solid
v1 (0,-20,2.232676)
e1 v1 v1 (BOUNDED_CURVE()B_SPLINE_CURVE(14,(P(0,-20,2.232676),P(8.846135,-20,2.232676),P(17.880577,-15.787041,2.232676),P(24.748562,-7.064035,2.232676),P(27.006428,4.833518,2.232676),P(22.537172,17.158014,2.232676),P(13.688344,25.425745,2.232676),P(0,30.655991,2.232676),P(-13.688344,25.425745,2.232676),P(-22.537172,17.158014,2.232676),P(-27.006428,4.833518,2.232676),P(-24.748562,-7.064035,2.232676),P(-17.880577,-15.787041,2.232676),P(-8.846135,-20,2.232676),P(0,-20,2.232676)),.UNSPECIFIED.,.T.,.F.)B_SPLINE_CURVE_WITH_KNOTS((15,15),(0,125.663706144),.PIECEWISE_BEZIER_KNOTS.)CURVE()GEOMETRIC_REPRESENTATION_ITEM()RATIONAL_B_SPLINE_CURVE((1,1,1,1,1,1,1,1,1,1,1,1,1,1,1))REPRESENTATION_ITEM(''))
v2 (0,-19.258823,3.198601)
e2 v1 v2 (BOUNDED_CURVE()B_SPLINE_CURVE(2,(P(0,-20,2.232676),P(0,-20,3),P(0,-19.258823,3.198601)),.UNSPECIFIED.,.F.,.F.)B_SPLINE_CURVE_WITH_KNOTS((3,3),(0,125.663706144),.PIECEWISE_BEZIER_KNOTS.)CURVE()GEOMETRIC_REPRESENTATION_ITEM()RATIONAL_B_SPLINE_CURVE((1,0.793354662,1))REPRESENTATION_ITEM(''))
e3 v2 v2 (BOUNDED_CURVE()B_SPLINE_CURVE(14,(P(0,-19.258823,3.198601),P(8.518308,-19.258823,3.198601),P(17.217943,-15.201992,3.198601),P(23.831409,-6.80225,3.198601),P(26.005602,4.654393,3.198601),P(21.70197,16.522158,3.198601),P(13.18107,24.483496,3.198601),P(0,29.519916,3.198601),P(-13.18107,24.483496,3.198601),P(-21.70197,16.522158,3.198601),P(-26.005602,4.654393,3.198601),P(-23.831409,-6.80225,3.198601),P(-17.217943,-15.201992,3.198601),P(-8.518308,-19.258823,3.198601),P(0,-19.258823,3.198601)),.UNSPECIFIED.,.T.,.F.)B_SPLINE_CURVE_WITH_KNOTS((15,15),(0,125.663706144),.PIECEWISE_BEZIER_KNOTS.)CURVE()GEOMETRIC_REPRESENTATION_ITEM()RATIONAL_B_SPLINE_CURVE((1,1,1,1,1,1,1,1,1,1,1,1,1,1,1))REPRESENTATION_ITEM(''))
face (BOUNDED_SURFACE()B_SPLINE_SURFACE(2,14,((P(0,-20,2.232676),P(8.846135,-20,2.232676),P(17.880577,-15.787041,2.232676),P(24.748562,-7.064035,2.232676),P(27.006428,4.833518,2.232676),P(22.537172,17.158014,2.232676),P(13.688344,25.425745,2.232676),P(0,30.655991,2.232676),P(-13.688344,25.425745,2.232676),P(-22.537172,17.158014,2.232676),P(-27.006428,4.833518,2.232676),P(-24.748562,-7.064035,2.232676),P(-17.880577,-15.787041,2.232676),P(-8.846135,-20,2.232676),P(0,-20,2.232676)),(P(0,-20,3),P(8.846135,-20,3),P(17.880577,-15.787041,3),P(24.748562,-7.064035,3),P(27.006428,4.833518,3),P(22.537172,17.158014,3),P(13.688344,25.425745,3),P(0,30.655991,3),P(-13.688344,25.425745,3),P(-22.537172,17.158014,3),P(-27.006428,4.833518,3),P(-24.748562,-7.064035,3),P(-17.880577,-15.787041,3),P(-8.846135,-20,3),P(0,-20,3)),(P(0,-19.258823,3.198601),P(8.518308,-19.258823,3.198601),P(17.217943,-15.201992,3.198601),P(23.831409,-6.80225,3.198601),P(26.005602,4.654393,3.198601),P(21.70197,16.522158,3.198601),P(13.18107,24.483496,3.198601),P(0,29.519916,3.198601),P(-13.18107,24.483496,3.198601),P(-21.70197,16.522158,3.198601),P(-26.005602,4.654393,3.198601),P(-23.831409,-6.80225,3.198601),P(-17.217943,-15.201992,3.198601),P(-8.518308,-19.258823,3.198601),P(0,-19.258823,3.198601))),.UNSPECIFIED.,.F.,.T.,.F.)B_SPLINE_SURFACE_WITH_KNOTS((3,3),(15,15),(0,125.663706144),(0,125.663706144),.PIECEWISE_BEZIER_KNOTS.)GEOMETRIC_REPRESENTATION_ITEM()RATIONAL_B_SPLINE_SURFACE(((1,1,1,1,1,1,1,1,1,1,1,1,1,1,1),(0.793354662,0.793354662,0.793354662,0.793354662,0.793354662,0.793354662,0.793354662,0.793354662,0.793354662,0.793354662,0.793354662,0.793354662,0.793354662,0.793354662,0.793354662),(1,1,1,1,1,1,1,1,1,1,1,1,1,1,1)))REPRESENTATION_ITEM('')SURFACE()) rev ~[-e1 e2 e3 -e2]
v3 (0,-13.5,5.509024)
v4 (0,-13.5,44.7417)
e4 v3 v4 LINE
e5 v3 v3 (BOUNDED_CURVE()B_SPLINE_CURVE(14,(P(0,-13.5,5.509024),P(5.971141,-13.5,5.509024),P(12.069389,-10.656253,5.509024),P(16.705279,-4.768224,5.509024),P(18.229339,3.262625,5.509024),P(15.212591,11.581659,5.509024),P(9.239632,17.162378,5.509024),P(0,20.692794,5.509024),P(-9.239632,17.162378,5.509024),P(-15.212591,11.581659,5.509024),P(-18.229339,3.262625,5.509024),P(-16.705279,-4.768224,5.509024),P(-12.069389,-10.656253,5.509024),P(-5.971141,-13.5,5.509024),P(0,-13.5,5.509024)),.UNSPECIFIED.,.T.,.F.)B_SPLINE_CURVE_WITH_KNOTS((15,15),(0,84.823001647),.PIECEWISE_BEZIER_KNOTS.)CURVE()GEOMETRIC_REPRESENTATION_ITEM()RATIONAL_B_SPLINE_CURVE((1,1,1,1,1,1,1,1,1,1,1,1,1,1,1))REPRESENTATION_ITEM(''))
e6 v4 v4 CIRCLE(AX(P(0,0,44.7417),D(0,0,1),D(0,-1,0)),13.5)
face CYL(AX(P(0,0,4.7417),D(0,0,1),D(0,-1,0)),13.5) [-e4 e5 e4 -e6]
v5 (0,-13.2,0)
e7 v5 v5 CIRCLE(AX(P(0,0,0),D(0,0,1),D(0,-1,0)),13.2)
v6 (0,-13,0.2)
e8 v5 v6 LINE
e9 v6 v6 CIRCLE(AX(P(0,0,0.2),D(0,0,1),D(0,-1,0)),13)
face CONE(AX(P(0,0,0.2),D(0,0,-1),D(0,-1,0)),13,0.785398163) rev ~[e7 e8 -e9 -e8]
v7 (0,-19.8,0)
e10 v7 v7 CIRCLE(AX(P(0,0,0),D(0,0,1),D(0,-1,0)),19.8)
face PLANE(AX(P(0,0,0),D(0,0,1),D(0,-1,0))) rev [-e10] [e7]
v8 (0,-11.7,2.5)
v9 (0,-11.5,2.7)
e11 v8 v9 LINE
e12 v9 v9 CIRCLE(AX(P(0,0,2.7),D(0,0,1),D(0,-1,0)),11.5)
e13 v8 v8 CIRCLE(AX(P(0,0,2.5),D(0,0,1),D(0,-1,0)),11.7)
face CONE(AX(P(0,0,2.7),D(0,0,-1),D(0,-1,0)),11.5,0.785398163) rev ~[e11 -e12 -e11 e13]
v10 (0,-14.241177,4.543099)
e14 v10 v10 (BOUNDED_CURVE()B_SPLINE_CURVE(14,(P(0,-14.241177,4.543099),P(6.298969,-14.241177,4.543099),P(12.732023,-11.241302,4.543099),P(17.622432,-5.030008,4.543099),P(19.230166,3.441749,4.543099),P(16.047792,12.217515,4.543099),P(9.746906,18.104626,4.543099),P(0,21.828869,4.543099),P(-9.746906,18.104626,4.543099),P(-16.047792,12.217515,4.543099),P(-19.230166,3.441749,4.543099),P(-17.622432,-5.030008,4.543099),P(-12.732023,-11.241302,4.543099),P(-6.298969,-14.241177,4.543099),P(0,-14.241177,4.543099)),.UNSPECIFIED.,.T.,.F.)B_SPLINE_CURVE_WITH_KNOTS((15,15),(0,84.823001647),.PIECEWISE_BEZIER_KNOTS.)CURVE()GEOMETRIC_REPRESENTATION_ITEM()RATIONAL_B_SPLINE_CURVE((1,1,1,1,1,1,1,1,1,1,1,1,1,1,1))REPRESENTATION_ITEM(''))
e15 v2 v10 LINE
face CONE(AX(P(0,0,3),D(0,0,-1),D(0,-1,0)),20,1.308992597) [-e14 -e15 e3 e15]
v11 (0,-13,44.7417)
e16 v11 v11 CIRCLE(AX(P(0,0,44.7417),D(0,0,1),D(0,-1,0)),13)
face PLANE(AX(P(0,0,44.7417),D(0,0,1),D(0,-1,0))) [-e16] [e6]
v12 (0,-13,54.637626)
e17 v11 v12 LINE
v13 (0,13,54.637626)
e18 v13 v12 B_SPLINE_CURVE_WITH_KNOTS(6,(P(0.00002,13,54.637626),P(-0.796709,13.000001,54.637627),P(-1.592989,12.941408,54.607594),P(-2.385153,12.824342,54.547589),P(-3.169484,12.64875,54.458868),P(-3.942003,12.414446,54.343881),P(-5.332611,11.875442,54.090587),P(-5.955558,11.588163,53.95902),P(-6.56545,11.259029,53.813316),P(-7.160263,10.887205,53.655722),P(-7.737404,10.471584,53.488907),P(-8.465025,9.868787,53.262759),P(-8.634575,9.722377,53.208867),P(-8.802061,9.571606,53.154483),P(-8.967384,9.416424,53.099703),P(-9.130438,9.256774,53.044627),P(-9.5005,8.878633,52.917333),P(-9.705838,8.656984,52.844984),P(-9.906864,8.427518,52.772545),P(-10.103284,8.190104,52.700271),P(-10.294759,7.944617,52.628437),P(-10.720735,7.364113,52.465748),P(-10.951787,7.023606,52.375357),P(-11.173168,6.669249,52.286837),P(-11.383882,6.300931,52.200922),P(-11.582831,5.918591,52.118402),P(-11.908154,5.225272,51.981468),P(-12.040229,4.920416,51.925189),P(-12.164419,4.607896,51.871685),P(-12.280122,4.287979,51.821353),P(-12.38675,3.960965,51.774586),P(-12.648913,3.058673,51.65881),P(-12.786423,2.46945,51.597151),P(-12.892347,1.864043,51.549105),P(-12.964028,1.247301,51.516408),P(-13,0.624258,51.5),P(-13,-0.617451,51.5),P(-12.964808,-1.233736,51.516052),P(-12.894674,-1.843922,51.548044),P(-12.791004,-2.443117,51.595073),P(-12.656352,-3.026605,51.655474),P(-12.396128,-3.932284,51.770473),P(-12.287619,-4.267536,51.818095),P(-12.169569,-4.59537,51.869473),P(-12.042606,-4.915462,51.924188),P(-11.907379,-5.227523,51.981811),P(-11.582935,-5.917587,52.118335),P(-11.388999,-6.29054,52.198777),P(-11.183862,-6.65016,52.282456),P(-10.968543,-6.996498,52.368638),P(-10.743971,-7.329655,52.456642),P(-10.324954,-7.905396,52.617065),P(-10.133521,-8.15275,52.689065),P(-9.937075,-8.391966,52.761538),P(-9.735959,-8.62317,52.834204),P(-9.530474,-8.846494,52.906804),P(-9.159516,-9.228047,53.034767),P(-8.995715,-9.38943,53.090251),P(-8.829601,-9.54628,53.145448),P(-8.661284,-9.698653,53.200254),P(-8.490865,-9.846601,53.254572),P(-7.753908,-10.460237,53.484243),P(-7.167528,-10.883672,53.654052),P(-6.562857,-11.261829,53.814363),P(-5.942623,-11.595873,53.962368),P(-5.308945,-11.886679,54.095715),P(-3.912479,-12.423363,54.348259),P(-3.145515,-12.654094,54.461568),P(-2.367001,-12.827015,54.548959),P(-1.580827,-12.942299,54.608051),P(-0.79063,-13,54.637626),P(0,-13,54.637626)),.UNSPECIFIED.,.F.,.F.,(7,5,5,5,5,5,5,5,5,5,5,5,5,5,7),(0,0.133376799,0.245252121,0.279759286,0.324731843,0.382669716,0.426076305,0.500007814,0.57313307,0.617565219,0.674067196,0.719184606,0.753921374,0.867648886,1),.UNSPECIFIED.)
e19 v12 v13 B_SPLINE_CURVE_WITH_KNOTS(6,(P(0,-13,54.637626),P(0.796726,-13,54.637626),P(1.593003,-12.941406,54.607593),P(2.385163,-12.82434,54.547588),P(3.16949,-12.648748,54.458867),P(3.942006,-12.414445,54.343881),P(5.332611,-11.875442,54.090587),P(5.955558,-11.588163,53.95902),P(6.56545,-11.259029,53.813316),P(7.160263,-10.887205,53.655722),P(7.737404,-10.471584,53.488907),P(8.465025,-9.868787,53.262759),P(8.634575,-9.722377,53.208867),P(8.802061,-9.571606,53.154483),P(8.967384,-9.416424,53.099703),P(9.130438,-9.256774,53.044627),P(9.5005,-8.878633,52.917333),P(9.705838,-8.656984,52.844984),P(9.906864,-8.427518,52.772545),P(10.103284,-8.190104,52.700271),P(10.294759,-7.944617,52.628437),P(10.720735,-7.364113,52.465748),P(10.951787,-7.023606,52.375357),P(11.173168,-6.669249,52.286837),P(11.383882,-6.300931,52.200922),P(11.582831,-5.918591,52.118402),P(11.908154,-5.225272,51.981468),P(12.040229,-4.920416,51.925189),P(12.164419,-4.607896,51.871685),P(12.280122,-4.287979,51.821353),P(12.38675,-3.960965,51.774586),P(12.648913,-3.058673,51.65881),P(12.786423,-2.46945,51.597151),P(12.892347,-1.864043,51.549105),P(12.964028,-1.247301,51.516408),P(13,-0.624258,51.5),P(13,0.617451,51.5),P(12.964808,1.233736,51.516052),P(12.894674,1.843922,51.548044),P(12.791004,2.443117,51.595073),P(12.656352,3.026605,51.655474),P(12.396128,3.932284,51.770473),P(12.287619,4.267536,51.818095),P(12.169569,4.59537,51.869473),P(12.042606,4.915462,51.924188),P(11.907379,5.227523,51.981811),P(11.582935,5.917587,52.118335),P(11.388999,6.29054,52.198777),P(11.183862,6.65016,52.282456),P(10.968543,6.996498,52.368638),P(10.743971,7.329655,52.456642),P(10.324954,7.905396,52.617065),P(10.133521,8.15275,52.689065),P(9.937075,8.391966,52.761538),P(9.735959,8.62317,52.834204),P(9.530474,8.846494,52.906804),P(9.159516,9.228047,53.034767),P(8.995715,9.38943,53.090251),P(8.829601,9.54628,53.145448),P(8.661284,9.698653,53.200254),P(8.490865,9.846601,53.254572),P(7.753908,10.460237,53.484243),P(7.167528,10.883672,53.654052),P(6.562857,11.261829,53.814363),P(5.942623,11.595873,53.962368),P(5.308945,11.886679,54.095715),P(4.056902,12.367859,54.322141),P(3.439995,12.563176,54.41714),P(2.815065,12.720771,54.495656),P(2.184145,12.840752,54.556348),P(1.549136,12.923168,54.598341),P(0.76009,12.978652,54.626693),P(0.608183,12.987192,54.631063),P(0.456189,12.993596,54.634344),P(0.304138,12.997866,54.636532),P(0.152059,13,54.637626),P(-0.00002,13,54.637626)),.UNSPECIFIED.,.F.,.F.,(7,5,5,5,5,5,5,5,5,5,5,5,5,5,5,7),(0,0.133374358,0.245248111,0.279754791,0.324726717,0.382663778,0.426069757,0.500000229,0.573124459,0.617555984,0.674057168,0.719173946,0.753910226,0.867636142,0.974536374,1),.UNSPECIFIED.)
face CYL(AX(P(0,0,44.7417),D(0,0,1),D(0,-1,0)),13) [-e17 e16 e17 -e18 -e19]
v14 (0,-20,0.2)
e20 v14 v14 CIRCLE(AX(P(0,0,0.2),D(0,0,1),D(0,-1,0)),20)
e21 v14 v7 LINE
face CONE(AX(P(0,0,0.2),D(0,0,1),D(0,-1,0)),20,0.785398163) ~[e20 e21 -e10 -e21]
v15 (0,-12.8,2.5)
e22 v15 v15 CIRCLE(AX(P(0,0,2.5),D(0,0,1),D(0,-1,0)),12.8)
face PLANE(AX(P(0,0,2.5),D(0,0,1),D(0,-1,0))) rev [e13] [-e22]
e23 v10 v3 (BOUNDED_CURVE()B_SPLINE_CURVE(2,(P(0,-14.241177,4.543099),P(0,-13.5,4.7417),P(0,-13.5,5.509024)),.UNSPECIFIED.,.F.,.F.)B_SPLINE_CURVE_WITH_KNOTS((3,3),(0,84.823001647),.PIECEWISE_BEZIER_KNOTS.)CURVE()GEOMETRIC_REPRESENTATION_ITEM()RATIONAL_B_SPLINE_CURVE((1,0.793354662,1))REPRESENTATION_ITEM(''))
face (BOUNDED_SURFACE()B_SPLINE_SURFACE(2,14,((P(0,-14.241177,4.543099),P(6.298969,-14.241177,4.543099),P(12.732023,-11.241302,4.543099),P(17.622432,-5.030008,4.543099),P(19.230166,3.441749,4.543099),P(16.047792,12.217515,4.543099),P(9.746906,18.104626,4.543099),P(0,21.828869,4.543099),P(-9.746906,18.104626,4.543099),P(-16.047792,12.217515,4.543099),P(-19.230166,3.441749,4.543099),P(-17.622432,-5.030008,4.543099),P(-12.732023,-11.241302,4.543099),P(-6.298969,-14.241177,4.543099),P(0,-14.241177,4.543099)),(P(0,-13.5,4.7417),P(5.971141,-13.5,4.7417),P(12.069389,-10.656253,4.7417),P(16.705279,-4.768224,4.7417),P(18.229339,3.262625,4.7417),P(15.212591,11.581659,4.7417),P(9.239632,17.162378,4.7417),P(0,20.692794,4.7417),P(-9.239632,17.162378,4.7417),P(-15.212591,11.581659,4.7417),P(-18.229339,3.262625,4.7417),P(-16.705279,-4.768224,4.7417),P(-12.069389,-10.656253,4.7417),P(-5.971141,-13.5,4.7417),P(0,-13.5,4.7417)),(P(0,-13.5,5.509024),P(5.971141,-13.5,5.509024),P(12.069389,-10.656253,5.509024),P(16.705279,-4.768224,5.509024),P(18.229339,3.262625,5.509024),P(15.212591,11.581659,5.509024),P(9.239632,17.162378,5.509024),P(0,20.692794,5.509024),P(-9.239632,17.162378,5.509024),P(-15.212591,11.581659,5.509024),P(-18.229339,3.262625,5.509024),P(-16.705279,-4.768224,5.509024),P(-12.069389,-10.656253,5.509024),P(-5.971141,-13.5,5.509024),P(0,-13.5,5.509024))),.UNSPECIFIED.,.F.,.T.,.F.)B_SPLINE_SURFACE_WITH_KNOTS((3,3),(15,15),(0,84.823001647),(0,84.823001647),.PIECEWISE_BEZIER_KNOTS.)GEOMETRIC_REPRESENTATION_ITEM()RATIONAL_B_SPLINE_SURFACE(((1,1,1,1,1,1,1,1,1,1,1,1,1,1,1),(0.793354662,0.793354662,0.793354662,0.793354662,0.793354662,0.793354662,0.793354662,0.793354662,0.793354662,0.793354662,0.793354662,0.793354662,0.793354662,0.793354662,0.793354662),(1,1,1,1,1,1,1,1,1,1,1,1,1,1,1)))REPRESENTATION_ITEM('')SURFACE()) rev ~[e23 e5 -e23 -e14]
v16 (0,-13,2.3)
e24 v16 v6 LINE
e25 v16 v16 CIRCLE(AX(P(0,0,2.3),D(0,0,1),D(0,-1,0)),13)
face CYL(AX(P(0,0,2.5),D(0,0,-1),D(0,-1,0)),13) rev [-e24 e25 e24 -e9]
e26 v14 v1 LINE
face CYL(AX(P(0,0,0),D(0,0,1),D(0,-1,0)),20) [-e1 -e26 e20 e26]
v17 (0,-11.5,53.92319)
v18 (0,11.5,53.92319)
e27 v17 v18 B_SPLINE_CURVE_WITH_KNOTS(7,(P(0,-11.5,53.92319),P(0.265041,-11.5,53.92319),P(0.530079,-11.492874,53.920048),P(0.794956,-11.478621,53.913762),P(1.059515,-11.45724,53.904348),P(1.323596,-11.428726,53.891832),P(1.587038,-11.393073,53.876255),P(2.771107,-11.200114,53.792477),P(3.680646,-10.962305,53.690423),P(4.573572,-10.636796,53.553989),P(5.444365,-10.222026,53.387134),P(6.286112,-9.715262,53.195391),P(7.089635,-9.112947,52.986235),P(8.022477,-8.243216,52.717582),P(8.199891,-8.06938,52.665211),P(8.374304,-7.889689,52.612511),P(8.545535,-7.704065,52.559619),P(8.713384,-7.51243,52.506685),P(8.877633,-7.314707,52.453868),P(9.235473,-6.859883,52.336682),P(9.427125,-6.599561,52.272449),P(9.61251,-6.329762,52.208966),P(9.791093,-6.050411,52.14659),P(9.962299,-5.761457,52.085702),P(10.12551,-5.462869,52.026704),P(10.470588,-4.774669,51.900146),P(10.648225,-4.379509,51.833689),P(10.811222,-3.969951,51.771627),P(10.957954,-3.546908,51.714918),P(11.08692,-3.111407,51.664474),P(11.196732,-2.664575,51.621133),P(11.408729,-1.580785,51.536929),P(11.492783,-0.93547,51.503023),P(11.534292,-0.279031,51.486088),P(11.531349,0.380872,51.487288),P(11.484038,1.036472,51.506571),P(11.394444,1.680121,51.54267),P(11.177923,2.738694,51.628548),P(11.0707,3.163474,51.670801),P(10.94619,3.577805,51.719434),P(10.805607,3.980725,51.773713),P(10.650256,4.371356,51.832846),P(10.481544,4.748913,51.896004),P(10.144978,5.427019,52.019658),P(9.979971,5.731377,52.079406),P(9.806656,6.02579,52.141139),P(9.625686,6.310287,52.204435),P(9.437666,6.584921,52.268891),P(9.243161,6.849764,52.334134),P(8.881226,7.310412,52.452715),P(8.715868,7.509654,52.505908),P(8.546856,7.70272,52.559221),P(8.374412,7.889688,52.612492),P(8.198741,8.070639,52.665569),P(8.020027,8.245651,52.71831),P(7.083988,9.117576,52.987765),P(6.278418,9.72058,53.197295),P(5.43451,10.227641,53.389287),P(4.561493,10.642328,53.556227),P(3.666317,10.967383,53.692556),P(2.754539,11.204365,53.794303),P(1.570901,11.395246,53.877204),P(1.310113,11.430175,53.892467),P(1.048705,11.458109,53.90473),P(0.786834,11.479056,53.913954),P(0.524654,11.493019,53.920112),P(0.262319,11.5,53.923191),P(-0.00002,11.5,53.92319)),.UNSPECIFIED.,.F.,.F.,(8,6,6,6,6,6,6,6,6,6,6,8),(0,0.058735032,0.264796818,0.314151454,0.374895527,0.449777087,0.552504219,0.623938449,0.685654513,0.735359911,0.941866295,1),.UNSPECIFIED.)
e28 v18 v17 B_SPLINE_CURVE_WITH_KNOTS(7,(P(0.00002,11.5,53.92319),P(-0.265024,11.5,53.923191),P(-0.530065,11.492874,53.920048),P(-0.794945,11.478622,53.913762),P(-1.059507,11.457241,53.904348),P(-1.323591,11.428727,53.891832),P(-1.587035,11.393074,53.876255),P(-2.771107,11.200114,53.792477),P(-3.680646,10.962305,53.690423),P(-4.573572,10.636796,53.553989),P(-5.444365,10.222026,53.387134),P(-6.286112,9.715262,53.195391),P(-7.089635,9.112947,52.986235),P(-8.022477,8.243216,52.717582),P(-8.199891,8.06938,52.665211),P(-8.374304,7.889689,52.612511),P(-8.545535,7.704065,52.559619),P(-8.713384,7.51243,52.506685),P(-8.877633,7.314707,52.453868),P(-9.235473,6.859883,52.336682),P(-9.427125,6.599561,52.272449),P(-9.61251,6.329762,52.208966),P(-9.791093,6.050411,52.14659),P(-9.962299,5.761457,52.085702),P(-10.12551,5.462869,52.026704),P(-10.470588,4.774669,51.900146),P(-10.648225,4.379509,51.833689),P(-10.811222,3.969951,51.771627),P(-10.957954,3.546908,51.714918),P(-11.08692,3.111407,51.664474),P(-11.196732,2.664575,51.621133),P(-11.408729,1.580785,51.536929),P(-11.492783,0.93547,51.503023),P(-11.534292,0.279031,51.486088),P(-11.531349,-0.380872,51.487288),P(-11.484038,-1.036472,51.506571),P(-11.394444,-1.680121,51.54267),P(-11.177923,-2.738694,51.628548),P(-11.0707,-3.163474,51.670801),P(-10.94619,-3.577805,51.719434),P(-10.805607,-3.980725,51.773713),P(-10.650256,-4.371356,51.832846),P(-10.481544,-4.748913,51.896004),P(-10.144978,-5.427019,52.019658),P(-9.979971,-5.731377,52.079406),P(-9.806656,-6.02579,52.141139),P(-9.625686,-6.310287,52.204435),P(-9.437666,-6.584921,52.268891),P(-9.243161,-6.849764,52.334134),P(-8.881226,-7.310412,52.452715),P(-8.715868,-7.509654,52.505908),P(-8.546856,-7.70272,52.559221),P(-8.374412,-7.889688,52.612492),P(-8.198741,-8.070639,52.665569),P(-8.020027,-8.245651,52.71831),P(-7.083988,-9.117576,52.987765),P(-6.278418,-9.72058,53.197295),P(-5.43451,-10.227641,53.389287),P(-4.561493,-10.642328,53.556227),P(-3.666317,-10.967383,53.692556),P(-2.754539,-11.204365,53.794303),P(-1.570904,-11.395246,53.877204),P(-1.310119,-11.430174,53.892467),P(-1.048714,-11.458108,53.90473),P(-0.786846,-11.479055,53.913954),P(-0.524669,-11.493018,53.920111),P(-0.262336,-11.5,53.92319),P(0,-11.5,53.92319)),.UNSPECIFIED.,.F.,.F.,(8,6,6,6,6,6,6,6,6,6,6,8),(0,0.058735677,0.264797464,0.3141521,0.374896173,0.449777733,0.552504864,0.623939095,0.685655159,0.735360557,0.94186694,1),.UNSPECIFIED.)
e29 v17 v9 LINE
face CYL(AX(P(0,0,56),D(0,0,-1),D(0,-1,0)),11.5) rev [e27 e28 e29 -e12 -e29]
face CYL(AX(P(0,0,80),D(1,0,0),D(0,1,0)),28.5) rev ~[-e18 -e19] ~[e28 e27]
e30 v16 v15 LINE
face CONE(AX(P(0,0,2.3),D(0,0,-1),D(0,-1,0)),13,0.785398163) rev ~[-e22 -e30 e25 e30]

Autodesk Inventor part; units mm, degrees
ref_plane "YZ Plane" through (0, 0, 0) normal (1, 0, 0) x (0, 1, 0)
ref_plane "XZ Plane" through (0, 0, 0) normal (0, 1, 0) x (-1, 0, 0)
ref_plane "XY Plane" through (0, 0, 0) normal (0, 0, 1) x (1, 0, 0)
sketch "Sketch1" plane through (0, 0, 0) normal (1, 0, 0) x (0, 1, 0)
  line L0 (0, 0) -> (0, 56)
  line L1 (-11.5, 56) -> (-11.5, 2.5)
  line L2 (-11.5, 2.5) -> (-13, 2.5)
  line L3 (-13, 2.5) -> (-13, 0)
  line L4 (-13, 0) -> (-20, 0)
  line L5 (-20, 0) -> (-20, 3)
  line L6 (-20, 3) -> (-13.5, 4.7417)
  line L7 (-13.5, 4.7417) -> (-13.5, 44.7417)
  line L8 (-13.5, 44.7417) -> (-13, 44.7417)
  line L9 (-13, 44.7417) -> (-13, 56)
  line L10 (-13, 56) -> (-11.5, 56)
  dimension "d0" = 56
  dimension "d1" = 27
  dimension "d2" = 26
  dimension "d3" = 2.5
  dimension "d4" = 23
  dimension "d5" = 15
  dimension "d6" = 3
  dimension "d7" = 40
  dimension "d8" = 26
  dimension "d10" = 40
revolve "Revolution1" add sketch "Sketch1" angle 360 about axis through (0, 0, 0) along (0, 0, 1)
fillet "Fillet1" radius 1 2 edges at (0, 20, 3) (0, 13.5, 4.7417)
sketch "Sketch2" plane through (0, 0, 0) normal (1, 0, 0) x (0, 1, 0)
  circle A0 centre (0, 80) radius 28.5
  line L0 (20, 0) -> (-20, 0) projected
  point P0 (0, 0)
  dimension "d13" = 57
  dimension "d14" = 80
extrude "Extrusion1" cut sketch "Sketch2" along normal through all both and the other way through all
chamfer "Chamfer1" distance 0.2 angle 45 4 edges at (0, 20, 0) (0, 13, 0) (0, 11.5, 2.5) (0, 13, 2.5)
properties part number "pld_vessel_kf_nipple" material "Stainless Steel"
